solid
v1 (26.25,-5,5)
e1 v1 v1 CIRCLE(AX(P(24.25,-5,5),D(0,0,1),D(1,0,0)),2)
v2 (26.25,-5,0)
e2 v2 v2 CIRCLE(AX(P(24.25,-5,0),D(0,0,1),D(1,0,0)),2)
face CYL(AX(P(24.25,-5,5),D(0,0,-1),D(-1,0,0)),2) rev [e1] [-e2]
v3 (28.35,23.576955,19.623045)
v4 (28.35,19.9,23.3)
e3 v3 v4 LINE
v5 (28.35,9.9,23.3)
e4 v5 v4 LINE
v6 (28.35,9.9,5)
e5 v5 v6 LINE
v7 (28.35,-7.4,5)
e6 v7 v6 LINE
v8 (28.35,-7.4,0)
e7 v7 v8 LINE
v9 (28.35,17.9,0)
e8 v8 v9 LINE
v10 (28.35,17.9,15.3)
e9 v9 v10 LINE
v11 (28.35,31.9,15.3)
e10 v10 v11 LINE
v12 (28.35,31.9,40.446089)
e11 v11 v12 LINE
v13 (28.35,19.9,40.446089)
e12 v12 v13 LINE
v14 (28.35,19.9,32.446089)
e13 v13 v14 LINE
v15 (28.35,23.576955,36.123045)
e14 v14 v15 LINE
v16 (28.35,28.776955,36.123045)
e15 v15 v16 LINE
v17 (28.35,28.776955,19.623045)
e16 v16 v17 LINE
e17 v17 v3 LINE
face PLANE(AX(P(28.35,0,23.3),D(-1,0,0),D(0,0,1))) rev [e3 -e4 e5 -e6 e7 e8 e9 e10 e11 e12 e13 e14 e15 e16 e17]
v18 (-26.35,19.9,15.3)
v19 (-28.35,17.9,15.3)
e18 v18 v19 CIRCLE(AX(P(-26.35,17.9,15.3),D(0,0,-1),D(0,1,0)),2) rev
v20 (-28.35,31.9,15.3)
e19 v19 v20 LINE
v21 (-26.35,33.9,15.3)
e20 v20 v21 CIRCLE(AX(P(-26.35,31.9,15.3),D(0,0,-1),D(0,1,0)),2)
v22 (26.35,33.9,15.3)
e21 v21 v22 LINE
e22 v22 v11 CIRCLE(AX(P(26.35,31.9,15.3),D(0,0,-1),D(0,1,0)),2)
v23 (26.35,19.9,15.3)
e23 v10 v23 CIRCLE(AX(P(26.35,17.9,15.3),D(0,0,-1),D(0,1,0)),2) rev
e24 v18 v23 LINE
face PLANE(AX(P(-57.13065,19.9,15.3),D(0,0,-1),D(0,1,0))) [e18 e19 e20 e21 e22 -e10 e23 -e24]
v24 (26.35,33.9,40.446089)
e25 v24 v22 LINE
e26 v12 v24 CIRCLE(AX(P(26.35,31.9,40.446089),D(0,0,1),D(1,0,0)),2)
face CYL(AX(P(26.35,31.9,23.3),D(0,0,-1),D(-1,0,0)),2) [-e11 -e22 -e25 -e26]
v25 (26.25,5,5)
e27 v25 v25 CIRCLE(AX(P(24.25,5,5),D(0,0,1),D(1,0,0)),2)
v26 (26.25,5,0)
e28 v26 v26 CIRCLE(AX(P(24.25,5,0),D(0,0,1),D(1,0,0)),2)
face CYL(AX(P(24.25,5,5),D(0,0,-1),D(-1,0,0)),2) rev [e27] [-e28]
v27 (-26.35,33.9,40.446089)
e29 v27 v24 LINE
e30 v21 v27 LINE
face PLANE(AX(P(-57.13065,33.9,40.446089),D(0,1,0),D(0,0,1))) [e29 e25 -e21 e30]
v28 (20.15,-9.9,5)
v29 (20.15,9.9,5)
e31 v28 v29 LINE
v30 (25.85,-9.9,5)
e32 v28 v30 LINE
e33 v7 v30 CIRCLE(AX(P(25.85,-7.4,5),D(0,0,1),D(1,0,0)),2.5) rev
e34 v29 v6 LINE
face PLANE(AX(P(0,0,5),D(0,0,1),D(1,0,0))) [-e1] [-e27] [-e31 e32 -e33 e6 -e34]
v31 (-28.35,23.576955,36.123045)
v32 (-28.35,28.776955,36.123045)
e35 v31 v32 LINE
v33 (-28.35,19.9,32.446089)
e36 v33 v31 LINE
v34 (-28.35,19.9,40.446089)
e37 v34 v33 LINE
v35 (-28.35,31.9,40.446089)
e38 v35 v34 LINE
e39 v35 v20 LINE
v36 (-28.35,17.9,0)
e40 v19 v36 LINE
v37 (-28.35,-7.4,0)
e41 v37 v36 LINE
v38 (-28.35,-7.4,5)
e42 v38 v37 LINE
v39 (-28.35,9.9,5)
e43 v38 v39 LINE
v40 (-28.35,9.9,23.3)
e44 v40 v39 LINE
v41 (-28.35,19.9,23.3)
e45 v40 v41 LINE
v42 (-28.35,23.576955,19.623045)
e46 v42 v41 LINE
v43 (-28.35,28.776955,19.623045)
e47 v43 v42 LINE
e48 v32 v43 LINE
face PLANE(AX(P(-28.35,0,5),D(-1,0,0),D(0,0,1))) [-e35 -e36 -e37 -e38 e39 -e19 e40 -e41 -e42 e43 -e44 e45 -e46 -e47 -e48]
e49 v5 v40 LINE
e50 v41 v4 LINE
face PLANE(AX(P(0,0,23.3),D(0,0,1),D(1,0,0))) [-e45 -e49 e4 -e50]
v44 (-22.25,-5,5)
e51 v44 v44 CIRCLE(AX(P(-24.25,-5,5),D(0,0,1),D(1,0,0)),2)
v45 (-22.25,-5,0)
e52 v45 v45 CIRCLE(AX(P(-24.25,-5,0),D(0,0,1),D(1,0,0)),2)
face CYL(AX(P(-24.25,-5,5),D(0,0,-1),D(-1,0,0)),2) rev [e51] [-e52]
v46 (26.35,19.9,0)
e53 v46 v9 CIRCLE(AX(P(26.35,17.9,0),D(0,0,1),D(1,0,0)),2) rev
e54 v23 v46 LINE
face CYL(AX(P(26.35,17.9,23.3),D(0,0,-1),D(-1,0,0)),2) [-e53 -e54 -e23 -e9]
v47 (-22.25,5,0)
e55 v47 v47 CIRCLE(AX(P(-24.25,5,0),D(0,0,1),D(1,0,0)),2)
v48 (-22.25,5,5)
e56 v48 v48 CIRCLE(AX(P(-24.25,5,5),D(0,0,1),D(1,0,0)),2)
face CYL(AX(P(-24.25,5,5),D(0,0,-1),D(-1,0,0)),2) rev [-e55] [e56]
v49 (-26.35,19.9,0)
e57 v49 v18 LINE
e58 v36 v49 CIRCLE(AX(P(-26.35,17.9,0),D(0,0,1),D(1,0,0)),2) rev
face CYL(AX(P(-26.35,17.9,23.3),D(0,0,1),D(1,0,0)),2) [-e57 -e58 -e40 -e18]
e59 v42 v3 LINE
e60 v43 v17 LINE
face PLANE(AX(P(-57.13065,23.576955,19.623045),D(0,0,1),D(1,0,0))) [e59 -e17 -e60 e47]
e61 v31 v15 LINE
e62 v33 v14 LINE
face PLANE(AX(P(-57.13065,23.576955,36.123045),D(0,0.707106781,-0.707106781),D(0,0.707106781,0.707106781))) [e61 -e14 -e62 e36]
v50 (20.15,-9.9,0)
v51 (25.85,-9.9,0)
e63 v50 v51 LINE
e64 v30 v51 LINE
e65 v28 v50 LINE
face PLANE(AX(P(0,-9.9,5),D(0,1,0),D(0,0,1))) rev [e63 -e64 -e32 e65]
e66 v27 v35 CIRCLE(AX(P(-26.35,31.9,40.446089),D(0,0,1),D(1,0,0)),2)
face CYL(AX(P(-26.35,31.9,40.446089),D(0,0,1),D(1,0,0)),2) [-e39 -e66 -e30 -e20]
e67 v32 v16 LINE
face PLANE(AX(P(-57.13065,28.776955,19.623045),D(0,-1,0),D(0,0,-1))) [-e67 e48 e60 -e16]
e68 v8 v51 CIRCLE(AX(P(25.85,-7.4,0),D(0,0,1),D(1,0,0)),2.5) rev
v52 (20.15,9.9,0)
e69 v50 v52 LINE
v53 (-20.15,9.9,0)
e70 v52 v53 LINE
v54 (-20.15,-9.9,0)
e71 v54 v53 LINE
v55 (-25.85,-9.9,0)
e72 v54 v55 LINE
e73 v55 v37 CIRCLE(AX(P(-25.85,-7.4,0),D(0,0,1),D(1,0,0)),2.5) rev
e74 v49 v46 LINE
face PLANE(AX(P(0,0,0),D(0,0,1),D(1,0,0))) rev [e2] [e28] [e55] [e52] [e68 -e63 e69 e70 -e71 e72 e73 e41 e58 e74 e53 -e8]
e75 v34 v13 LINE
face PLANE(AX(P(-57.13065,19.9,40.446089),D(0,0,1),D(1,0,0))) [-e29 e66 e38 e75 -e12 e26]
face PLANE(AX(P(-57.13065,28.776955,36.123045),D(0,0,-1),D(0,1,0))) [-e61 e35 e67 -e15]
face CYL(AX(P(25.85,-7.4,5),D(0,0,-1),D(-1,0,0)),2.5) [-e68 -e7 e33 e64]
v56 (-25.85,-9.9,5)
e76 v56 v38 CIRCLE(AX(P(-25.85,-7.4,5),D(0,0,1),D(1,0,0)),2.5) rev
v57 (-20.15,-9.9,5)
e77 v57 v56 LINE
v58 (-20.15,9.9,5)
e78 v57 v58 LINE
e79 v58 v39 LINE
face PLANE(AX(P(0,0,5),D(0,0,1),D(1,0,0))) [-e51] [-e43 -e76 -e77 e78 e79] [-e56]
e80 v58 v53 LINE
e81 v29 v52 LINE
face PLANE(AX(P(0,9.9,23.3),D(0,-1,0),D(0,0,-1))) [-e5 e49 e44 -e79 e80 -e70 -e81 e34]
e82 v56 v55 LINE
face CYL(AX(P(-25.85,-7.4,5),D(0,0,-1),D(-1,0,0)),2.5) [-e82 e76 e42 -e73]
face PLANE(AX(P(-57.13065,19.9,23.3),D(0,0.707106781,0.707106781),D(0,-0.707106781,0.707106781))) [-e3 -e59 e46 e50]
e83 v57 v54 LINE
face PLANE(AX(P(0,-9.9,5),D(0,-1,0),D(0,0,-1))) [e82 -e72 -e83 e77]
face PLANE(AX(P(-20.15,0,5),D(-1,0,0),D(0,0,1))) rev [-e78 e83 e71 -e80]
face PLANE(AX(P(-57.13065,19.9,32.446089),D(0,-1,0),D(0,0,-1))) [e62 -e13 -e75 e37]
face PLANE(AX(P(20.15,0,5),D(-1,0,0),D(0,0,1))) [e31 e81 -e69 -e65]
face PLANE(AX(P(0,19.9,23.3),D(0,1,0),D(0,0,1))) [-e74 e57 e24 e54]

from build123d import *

# Parameters (mm, degrees)
SKETCH1_R               = 2
FORMA_B_SICA_DEPTH      = 5
FORMA_B_SICA_2_DEPTH    = 5
BOSS_EXTRUDE2_DEPTH     = 23.3
CARRIL_CREMALLERA_DEPTH = 56.7
ELIMINAR_FILETE_DEPTH   = 23.3
FILLET2_R               = 2


with BuildPart() as part:
    # Sketch1 → Forma básica (new body)
    with BuildSketch(Plane.XY):
        with BuildLine():
            ThreePointArc((-25.85, -9.9), (-27.617766953, -9.167766953), (-28.35, -7.4))
            Line((-28.35, -7.4), (-28.35, 9.9))
            Line((-28.35, 9.9), (-20.15, 9.9))
            Line((-20.15, 9.9), (-20.15, -9.9))
            Line((-20.15, -9.9), (-25.85, -9.9))
        make_face()
        with Locations((-24.25, -5)):
            Circle(SKETCH1_R, mode=Mode.SUBTRACT)
        with Locations((-24.25, 5)):
            Circle(SKETCH1_R, mode=Mode.SUBTRACT)
    extrude(amount=FORMA_B_SICA_DEPTH)



with BuildPart() as body_2:
    # Sketch1 → Forma b_sica 2 (new body)
    with BuildSketch(Plane.XY):
        with BuildLine():
            ThreePointArc((28.35, -7.4), (27.617766953, -9.167766953), (25.85, -9.9))
            Line((25.85, -9.9), (20.15, -9.9))
            Line((20.15, -9.9), (20.15, 9.9))
            Line((20.15, 9.9), (28.35, 9.9))
            Line((28.35, 9.9), (28.35, -7.4))
        make_face()
        with Locations((24.25, 5)):
            Circle(SKETCH1_R, mode=Mode.SUBTRACT)
        with Locations((24.25, -5)):
            Circle(SKETCH1_R, mode=Mode.SUBTRACT)
    extrude(amount=FORMA_B_SICA_2_DEPTH)


with BuildPart() as part_1:
    add(part.part)

    add(body_2.part)  # Boss-Extrude2 merges body 2
    # Sketch1<3> → Boss-Extrude2 (add)
    with BuildSketch(Plane.XY):
        with BuildLine():
            Line((-28.35, 9.9), (-20.15, 9.9))
            Line((-20.15, 9.9), (20.15, 9.9))
            Line((20.15, 9.9), (28.35, 9.9))
            Line((28.35, 9.9), (28.35, 17.4))
            ThreePointArc((28.35, 17.4), (27.617766953, 19.167766953), (25.85, 19.9))
            Line((25.85, 19.9), (-25.85, 19.9))
            ThreePointArc((-25.85, 19.9), (-27.617766953, 19.167766953), (-28.35, 17.4))
            Line((-28.35, 17.4), (-28.35, 9.9))
        make_face()
    extrude(amount=BOSS_EXTRUDE2_DEPTH)

    # Sketch2 → Carril cremallera (add)
    with BuildSketch(Plane(origin=(28.35, 0, 0), x_dir=(0, 0, -1), z_dir=(1, 0, 0))):
        Polygon((-23.3, 19.9), (-19.623044738, 23.576955262), (-19.623044738, 28.776955262), (-36.123044738, 28.776955262), (-36.123044738, 23.576955262), (-32.446089476, 19.9), (-40.446089476, 19.9), (-40.446089476, 33.9), (-15.3, 33.9), (-15.3, 19.9), align=None)
    extrude(amount=-CARRIL_CREMALLERA_DEPTH)

    # Sketch3 → Eliminar filete (add)
    with BuildSketch(Plane.XY.offset(23.3)):
        with BuildLine():
            Line((-28.35, 17.4), (-28.35, 19.9))
            Line((-28.35, 19.9), (-25.85, 19.9))
            ThreePointArc((-25.85, 19.9), (-27.617766953, 19.167766953), (-28.35, 17.4))
        make_face()
        with BuildLine():
            Line((28.35, 19.9), (25.85, 19.9))
            ThreePointArc((25.85, 19.9), (27.617766953, 19.167766953), (28.35, 17.4))
            Line((28.35, 17.4), (28.35, 19.9))
        make_face()
    extrude(amount=-ELIMINAR_FILETE_DEPTH)

    # Fillet2
    fillet2_edges = [part_1.edges().sort_by_distance(p)[0] for p in [
        (28.35, 33.9, 27.873044738),
        (-28.35, 33.9, 27.873044738),
        (-28.35, 19.9, 7.65),
        (28.35, 19.9, 7.65),
    ]]
    fillet(fillet2_edges, radius=FILLET2_R)


solid = part_1.part
